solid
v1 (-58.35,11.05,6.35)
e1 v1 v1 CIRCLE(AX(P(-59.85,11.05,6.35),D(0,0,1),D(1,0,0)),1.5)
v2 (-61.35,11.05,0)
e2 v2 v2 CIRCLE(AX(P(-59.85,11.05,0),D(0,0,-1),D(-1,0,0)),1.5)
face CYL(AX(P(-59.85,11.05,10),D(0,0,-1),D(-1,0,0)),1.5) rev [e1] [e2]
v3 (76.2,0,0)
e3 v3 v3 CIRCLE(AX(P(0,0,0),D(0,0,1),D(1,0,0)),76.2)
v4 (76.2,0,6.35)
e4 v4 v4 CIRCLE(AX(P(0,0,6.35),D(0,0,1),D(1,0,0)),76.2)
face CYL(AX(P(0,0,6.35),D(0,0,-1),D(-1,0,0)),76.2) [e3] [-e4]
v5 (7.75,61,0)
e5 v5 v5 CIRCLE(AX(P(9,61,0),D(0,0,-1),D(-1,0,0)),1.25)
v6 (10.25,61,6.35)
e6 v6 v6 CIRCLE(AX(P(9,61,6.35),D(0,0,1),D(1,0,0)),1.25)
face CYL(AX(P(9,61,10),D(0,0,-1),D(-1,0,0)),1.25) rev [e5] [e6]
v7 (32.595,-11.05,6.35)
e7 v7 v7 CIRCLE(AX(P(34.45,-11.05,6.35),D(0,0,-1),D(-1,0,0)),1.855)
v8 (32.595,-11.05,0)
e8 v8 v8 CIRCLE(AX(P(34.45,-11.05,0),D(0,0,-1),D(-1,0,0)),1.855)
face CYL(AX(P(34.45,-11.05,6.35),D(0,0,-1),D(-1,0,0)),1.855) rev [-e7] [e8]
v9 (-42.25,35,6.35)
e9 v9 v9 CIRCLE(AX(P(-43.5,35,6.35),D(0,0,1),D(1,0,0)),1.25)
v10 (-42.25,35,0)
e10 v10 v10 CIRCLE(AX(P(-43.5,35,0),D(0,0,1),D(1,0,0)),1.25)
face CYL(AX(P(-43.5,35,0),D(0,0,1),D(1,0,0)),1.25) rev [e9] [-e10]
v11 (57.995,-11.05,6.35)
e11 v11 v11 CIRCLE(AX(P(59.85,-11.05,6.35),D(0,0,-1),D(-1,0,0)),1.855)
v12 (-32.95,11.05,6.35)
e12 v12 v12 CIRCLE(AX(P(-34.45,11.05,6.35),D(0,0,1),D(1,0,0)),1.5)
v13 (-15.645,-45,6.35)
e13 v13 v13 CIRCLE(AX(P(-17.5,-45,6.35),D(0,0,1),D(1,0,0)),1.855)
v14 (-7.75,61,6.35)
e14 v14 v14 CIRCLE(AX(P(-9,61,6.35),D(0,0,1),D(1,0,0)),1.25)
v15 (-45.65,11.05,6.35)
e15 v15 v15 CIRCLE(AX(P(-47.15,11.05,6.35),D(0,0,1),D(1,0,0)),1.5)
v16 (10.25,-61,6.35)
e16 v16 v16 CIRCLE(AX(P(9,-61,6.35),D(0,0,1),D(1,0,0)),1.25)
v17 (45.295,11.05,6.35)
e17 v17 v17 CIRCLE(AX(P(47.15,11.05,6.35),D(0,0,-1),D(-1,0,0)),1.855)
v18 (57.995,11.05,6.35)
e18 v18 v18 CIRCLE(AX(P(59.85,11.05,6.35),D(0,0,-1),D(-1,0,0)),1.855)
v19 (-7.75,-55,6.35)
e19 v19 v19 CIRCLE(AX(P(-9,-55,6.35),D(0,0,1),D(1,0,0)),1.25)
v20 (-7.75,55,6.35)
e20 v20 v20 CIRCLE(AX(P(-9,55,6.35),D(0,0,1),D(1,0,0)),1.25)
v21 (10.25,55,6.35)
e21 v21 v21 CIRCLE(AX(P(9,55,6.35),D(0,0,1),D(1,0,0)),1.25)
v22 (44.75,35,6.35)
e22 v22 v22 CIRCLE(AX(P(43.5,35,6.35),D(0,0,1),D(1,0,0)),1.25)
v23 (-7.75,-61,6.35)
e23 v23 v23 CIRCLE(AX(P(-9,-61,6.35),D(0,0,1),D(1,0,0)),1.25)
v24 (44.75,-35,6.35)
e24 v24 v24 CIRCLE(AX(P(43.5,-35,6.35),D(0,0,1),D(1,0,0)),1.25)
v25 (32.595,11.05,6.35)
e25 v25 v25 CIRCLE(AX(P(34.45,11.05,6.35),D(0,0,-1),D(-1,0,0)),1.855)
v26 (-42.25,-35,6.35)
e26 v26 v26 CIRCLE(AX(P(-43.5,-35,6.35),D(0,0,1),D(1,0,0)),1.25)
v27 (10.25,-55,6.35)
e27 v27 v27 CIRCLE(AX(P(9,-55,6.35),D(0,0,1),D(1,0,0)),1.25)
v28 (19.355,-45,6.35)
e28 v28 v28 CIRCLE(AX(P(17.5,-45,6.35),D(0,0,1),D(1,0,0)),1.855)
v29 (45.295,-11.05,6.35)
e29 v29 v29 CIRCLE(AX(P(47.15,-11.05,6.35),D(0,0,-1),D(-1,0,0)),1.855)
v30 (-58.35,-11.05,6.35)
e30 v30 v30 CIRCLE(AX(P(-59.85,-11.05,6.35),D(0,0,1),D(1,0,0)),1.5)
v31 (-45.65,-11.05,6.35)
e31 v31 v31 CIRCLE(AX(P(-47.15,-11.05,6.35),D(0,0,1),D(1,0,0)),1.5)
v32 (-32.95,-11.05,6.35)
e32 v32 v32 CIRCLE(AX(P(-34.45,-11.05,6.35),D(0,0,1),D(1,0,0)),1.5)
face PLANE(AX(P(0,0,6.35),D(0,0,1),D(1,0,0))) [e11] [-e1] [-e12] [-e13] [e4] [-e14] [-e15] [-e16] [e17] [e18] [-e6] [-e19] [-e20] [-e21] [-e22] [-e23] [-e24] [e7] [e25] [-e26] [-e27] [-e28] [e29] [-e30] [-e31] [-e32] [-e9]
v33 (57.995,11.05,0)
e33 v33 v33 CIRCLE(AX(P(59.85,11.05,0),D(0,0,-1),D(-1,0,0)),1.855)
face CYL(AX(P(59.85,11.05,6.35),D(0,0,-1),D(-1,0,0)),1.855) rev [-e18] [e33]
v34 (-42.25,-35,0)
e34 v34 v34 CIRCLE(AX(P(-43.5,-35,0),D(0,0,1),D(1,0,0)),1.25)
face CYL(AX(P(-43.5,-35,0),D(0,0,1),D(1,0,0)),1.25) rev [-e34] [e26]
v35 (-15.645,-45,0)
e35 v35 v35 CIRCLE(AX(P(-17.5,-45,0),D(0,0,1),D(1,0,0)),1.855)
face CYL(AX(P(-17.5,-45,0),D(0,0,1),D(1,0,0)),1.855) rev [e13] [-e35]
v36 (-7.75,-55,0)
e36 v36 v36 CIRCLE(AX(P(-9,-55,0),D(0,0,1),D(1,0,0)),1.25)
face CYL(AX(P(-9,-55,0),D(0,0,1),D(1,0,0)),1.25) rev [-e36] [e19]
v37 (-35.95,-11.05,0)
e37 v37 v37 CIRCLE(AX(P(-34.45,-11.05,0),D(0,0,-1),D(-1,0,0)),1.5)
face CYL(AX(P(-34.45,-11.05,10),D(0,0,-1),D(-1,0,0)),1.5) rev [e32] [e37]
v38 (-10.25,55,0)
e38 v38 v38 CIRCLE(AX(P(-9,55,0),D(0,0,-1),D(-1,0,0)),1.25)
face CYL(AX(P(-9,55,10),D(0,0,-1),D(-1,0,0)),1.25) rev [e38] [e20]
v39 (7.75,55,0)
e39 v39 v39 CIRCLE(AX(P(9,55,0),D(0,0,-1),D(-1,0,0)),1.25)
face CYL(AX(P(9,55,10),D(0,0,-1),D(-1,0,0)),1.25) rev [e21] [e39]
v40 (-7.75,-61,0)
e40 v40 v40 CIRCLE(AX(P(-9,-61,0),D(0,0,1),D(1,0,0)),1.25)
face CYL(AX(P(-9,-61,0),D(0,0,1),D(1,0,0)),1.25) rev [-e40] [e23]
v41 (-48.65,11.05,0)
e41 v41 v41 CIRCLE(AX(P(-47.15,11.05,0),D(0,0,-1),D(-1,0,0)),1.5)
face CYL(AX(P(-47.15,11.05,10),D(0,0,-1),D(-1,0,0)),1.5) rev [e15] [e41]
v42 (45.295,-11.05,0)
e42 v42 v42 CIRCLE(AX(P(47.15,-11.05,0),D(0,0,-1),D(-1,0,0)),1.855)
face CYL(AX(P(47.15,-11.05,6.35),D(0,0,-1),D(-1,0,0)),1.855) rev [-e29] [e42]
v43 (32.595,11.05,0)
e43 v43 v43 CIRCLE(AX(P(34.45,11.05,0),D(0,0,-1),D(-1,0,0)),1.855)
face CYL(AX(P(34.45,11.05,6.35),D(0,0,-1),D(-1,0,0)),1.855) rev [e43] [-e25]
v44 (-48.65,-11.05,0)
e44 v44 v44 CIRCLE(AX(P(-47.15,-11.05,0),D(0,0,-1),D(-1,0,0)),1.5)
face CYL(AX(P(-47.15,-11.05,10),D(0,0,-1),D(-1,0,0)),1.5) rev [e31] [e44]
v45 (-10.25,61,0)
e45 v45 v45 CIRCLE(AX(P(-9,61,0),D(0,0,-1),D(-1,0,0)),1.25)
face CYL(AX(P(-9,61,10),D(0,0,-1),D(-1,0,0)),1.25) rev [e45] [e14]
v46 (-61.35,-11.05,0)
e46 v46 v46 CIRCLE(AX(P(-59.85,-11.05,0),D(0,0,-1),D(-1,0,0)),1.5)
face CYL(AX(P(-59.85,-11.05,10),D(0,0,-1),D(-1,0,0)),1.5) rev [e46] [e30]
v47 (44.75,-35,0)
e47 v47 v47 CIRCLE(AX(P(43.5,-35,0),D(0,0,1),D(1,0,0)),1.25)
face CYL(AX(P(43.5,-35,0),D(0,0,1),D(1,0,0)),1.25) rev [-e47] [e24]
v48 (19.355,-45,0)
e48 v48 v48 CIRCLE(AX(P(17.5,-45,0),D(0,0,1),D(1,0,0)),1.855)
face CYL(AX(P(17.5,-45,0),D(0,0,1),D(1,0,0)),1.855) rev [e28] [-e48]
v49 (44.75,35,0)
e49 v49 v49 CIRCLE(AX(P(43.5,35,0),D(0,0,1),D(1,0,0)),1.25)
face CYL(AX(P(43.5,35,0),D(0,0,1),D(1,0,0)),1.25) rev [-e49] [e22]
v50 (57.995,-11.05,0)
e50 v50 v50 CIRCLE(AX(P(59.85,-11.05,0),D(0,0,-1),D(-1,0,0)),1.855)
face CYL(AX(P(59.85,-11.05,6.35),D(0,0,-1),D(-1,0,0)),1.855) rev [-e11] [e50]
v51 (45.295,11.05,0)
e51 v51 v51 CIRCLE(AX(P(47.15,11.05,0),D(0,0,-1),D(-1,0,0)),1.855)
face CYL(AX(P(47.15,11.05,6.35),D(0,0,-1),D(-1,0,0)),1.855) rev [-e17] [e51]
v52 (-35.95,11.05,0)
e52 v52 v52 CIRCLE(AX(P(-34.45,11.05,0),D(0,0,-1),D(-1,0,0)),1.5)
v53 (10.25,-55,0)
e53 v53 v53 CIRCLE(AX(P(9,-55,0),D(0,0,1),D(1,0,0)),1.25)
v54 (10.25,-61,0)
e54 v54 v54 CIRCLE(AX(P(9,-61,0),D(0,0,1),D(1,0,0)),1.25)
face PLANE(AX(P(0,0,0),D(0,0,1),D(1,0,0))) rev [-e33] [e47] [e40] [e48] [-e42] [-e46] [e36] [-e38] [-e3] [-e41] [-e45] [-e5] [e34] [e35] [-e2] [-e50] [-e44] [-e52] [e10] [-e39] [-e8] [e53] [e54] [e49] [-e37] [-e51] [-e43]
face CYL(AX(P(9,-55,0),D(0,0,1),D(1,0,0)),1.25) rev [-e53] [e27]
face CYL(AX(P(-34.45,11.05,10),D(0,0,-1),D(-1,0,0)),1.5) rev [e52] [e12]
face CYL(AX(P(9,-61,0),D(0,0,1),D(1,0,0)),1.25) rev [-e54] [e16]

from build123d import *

# Parameters (mm, degrees)
SKETCH1_R           = 76.2
BOSS_EXTRUDE1_DEPTH = 6.35
SKETCH2_R           = 1.25
SKETCH2_R_2         = 1.855
CUT_EXTRUDE1_DEPTH  = 108.95
SKETCH3_R           = 1.855
CUT_EXTRUDE2_DEPTH  = 108.95
SKETCH5_R           = 1.25
SKETCH5_R_2         = 1.5
CUT_EXTRUDE3_DEPTH  = 10


with BuildPart() as part:
    # Sketch1 → Boss-Extrude1 (new body)
    with BuildSketch(Plane.XY):
        Circle(SKETCH1_R)
    extrude(amount=BOSS_EXTRUDE1_DEPTH)

    # Sketch2 → Cut-Extrude1 (cut, through all)
    with BuildSketch(Plane.XY.offset(6.35)):
        with Locations((-43.5, 35)):
            Circle(SKETCH2_R)
        with Locations((43.5, 35)):
            Circle(SKETCH2_R)
        with Locations((-43.5, -35)):
            Circle(SKETCH2_R)
        with Locations((43.5, -35)):
            Circle(SKETCH2_R)
        with Locations((17.5, -45)):
            Circle(SKETCH2_R_2)
        with Locations((-17.5, -45)):
            Circle(SKETCH2_R_2)
        with Locations((9, -61)):
            Circle(SKETCH2_R)
        with Locations((-9, -61)):
            Circle(SKETCH2_R)
        with Locations((-9, -55)):
            Circle(SKETCH2_R)
        with Locations((9, -55)):
            Circle(SKETCH2_R)
    extrude(amount=-CUT_EXTRUDE1_DEPTH, mode=Mode.SUBTRACT)

    # Sketch3 → Cut-Extrude2 (cut, through all)
    with BuildSketch(Plane(origin=(0, 0, 0), x_dir=(-1, 0, 0), z_dir=(0, 0, -1))):
        with Locations((-59.85, 11.05)):
            Circle(SKETCH3_R)
        with Locations((-47.15, 11.05)):
            Circle(SKETCH3_R)
        with Locations((-34.45, 11.05)):
            Circle(SKETCH3_R)
        with Locations((-34.45, -11.05)):
            Circle(SKETCH3_R)
        with Locations((-47.15, -11.05)):
            Circle(SKETCH3_R)
        with Locations((-59.85, -11.05)):
            Circle(SKETCH3_R)
    extrude(amount=-CUT_EXTRUDE2_DEPTH, mode=Mode.SUBTRACT)

    # Sketch5 → Cut-Extrude3 (cut)
    with BuildSketch(Plane(origin=(0, 0, 0), x_dir=(-1, 0, 0), z_dir=(0, 0, -1))):
        with Locations((-9, 61)):
            Circle(SKETCH5_R)
        with Locations((-9, 55)):
            Circle(SKETCH5_R)
        with Locations((9, 61)):
            Circle(SKETCH5_R)
        with Locations((9, 55)):
            Circle(SKETCH5_R)
        with Locations((34.45, 11.05)):
            Circle(SKETCH5_R_2)
        with Locations((47.15, 11.05)):
            Circle(SKETCH5_R_2)
        with Locations((59.85, 11.05)):
            Circle(SKETCH5_R_2)
        with Locations((59.85, -11.05)):
            Circle(SKETCH5_R_2)
        with Locations((47.15, -11.05)):
            Circle(SKETCH5_R_2)
        with Locations((34.45, -11.05)):
            Circle(SKETCH5_R_2)
    extrude(amount=-CUT_EXTRUDE3_DEPTH, mode=Mode.SUBTRACT)


solid = part.part
